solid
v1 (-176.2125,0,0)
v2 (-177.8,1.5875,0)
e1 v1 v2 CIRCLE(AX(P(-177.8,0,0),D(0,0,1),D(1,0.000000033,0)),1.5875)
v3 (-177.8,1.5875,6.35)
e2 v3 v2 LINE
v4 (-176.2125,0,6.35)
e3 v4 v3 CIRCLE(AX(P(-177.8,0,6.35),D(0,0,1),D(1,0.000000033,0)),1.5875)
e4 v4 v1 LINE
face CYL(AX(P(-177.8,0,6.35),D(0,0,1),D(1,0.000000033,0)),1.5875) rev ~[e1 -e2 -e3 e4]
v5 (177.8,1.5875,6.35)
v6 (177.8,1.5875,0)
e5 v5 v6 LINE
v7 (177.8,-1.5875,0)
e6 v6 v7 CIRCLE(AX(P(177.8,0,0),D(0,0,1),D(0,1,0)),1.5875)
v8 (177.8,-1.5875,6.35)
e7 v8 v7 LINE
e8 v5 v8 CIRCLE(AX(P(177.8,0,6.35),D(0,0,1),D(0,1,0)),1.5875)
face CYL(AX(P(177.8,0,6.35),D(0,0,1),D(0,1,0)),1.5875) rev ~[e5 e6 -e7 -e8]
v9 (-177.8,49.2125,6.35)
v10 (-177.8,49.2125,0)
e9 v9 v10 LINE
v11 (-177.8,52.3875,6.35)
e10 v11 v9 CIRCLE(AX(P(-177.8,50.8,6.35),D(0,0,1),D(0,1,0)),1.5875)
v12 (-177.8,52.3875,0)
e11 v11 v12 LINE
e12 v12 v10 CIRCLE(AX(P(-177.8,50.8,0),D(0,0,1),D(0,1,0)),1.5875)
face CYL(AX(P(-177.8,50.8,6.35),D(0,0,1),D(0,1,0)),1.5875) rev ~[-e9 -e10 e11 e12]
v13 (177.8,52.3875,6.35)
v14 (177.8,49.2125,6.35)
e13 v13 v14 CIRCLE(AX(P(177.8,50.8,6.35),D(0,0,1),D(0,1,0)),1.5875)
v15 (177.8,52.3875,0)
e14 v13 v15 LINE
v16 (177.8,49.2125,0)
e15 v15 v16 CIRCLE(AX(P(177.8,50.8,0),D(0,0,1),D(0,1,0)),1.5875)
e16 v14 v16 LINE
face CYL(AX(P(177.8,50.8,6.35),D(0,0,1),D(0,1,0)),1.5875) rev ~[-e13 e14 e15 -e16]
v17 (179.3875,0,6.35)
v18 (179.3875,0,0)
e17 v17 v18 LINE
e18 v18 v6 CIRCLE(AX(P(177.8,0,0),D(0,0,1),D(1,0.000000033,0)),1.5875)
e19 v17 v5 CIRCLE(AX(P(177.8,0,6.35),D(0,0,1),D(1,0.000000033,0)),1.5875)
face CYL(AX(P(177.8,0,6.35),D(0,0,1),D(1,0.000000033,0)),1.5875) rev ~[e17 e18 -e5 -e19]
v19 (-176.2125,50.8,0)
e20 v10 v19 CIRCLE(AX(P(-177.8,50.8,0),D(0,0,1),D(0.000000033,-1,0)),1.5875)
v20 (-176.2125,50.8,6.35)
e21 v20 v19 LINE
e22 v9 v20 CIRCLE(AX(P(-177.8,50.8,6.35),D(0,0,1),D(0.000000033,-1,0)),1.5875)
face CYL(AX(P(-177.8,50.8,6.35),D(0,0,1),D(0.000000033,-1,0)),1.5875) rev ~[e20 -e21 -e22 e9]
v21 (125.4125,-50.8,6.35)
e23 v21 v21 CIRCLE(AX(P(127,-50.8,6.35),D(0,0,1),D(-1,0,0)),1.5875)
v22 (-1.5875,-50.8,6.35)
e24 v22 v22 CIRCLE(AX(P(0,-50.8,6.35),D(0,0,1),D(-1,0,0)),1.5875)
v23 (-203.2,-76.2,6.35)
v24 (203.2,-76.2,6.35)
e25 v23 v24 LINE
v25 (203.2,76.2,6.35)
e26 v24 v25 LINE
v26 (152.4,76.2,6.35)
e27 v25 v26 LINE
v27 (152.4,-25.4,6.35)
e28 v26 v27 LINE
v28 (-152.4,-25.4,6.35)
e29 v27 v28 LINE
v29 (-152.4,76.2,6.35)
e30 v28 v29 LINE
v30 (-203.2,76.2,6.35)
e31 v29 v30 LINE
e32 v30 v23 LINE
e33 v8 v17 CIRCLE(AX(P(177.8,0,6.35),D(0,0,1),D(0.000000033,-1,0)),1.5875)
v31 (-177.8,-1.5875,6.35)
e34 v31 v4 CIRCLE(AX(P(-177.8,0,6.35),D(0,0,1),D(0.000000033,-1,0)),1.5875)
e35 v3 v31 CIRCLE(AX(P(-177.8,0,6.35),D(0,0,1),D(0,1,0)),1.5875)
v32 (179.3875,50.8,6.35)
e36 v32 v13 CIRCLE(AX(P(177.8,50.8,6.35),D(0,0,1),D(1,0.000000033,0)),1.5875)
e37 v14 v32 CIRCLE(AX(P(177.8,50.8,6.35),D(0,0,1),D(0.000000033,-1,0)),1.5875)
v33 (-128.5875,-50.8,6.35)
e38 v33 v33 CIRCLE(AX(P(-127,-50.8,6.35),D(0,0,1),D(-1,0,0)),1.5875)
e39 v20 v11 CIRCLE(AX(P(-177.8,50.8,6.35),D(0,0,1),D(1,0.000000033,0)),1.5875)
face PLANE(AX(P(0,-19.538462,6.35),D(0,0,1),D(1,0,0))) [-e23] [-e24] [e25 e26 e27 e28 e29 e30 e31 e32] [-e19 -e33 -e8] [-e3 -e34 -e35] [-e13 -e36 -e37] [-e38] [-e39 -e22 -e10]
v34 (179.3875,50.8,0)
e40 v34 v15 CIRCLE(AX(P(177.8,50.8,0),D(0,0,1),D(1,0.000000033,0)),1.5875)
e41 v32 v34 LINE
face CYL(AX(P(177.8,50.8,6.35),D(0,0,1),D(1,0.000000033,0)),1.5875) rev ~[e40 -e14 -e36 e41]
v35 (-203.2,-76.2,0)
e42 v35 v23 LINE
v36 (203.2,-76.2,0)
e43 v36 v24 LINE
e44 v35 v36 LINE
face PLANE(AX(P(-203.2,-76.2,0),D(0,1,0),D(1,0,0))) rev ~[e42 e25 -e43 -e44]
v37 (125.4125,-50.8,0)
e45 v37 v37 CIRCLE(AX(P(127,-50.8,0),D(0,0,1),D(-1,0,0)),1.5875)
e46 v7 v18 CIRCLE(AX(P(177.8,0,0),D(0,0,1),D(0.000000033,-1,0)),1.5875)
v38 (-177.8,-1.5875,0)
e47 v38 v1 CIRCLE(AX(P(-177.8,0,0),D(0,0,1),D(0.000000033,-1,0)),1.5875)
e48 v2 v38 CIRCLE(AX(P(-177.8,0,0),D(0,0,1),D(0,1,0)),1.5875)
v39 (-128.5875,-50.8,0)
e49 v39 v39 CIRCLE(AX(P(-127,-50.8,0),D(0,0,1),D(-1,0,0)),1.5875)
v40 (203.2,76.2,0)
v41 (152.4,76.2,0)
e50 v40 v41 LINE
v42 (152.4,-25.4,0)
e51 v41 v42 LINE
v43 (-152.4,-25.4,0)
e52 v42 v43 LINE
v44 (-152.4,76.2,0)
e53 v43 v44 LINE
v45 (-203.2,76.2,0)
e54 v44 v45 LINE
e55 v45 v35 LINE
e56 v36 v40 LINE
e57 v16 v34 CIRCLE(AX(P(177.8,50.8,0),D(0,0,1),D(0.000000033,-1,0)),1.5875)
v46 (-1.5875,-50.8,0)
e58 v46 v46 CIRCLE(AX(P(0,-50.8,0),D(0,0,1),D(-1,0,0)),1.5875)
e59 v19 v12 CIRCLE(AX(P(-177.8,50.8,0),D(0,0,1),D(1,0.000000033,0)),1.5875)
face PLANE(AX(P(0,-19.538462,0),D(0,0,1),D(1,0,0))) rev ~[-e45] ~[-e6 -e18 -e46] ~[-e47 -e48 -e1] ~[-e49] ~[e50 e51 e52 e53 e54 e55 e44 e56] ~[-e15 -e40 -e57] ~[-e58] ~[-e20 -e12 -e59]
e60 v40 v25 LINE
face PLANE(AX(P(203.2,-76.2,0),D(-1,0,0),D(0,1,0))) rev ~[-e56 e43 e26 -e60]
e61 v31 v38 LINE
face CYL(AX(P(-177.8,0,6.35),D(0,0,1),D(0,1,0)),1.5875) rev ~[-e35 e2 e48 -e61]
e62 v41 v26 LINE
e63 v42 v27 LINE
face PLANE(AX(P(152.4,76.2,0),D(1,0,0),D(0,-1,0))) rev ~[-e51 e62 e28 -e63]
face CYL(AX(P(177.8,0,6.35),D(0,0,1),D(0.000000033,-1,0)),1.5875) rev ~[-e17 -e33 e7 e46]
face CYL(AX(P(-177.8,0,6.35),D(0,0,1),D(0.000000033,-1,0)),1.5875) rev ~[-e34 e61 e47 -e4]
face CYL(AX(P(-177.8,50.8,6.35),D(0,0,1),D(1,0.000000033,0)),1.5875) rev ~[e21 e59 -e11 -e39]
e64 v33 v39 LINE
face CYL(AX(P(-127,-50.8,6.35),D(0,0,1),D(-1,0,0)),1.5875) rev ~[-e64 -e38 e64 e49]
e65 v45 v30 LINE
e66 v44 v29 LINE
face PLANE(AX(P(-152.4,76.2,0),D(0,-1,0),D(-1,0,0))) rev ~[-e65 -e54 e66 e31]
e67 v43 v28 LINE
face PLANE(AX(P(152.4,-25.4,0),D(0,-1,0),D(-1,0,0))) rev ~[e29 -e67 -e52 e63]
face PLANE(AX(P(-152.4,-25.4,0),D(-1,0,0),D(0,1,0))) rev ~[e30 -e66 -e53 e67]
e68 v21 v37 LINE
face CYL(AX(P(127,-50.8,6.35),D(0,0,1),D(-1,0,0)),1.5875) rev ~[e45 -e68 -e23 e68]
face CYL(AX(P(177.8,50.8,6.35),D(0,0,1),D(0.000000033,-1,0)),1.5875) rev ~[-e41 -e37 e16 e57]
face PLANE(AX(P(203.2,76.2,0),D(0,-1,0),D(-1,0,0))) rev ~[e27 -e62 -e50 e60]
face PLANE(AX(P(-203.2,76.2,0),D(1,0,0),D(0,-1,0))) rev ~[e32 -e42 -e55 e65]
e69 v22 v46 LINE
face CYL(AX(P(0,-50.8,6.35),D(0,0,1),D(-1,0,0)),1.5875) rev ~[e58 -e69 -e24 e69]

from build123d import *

# Parameters (mm, degrees)
F1_DEPTH = 6.35
F3_DEPTH = 25.4


with BuildPart() as f1:
    # F0 (on Top) → F1 (new body)
    with BuildSketch(Plane.XY):
        Polygon((203.2, -76.2), (203.2, 76.2), (152.4, 76.2), (152.4, -25.4), (-152.4, -25.4), (-152.4, 76.2), (-203.2, 76.2), (-203.2, -76.2), align=None)
    extrude(amount=F1_DEPTH)

    # F2 (on face) → F3 (cut)
    with BuildSketch(Plane.XY.offset(6.35)):
        with BuildLine():
            ThreePointArc((-176.2125, 50.8), (-176.677468, 51.922532), (-177.8, 52.3875))
            Line((-177.8, 52.3875), (-177.8, 49.2125))
            ThreePointArc((-177.8, 49.2125), (-176.677468, 49.677468), (-176.2125, 50.8))
        make_face()
        with BuildLine():
            ThreePointArc((177.8, 52.3875), (176.2125, 50.8), (177.8, 49.2125))
            Line((177.8, 49.2125), (177.8, 52.3875))
        make_face()
        with BuildLine():
            Line((177.8, 52.3875), (177.8, 49.2125))
            ThreePointArc((177.8, 49.2125), (178.922532, 49.677468), (179.3875, 50.8))
            ThreePointArc((179.3875, 50.8), (178.922532, 51.922532), (177.8, 52.3875))
        make_face()
        with BuildLine():
            ThreePointArc((177.8, 1.5875), (176.2125, 0), (177.8, -1.5875))
            Line((177.8, -1.5875), (177.8, 1.5875))
        make_face()
        with BuildLine():
            Line((177.8, 1.5875), (177.8, -1.5875))
            ThreePointArc((177.8, -1.5875), (178.922532, -1.122532), (179.3875, 0))
            ThreePointArc((179.3875, 0), (178.922532, 1.122532), (177.8, 1.5875))
        make_face()
        with BuildLine():
            ThreePointArc((128.5875, -50.8), (127, -49.2125), (125.4125, -50.8))
            Line((125.4125, -50.8), (128.5875, -50.8))
        make_face()
        with BuildLine():
            Line((128.5875, -50.8), (125.4125, -50.8))
            ThreePointArc((125.4125, -50.8), (127, -52.3875), (128.5875, -50.8))
        make_face()
        with BuildLine():
            ThreePointArc((1.5875, -50.8), (0, -49.2125), (-1.5875, -50.8))
            Line((-1.5875, -50.8), (1.5875, -50.8))
        make_face()
        with BuildLine():
            Line((1.5875, -50.8), (-1.5875, -50.8))
            ThreePointArc((-1.5875, -50.8), (0, -52.3875), (1.5875, -50.8))
        make_face()
        with BuildLine():
            ThreePointArc((-125.4125, -50.8), (-127, -49.2125), (-128.5875, -50.8))
            Line((-128.5875, -50.8), (-125.4125, -50.8))
        make_face()
        with BuildLine():
            Line((-125.4125, -50.8), (-128.5875, -50.8))
            ThreePointArc((-128.5875, -50.8), (-127, -52.3875), (-125.4125, -50.8))
        make_face()
        with BuildLine():
            ThreePointArc((-176.2125, 0), (-176.677468, 1.122532), (-177.8, 1.5875))
            Line((-177.8, 1.5875), (-177.8, -1.5875))
            ThreePointArc((-177.8, -1.5875), (-176.677468, -1.122532), (-176.2125, 0))
        make_face()
        with BuildLine():
            Line((-177.8, -1.5875), (-177.8, 1.5875))
            ThreePointArc((-177.8, 1.5875), (-179.3875, 0), (-177.8, -1.5875))
        make_face()
        with BuildLine():
            Line((-177.8, 49.2125), (-177.8, 52.3875))
            ThreePointArc((-177.8, 52.3875), (-179.3875, 50.8), (-177.8, 49.2125))
        make_face()
    extrude(amount=-F3_DEPTH, mode=Mode.SUBTRACT)


solid = f1.part
